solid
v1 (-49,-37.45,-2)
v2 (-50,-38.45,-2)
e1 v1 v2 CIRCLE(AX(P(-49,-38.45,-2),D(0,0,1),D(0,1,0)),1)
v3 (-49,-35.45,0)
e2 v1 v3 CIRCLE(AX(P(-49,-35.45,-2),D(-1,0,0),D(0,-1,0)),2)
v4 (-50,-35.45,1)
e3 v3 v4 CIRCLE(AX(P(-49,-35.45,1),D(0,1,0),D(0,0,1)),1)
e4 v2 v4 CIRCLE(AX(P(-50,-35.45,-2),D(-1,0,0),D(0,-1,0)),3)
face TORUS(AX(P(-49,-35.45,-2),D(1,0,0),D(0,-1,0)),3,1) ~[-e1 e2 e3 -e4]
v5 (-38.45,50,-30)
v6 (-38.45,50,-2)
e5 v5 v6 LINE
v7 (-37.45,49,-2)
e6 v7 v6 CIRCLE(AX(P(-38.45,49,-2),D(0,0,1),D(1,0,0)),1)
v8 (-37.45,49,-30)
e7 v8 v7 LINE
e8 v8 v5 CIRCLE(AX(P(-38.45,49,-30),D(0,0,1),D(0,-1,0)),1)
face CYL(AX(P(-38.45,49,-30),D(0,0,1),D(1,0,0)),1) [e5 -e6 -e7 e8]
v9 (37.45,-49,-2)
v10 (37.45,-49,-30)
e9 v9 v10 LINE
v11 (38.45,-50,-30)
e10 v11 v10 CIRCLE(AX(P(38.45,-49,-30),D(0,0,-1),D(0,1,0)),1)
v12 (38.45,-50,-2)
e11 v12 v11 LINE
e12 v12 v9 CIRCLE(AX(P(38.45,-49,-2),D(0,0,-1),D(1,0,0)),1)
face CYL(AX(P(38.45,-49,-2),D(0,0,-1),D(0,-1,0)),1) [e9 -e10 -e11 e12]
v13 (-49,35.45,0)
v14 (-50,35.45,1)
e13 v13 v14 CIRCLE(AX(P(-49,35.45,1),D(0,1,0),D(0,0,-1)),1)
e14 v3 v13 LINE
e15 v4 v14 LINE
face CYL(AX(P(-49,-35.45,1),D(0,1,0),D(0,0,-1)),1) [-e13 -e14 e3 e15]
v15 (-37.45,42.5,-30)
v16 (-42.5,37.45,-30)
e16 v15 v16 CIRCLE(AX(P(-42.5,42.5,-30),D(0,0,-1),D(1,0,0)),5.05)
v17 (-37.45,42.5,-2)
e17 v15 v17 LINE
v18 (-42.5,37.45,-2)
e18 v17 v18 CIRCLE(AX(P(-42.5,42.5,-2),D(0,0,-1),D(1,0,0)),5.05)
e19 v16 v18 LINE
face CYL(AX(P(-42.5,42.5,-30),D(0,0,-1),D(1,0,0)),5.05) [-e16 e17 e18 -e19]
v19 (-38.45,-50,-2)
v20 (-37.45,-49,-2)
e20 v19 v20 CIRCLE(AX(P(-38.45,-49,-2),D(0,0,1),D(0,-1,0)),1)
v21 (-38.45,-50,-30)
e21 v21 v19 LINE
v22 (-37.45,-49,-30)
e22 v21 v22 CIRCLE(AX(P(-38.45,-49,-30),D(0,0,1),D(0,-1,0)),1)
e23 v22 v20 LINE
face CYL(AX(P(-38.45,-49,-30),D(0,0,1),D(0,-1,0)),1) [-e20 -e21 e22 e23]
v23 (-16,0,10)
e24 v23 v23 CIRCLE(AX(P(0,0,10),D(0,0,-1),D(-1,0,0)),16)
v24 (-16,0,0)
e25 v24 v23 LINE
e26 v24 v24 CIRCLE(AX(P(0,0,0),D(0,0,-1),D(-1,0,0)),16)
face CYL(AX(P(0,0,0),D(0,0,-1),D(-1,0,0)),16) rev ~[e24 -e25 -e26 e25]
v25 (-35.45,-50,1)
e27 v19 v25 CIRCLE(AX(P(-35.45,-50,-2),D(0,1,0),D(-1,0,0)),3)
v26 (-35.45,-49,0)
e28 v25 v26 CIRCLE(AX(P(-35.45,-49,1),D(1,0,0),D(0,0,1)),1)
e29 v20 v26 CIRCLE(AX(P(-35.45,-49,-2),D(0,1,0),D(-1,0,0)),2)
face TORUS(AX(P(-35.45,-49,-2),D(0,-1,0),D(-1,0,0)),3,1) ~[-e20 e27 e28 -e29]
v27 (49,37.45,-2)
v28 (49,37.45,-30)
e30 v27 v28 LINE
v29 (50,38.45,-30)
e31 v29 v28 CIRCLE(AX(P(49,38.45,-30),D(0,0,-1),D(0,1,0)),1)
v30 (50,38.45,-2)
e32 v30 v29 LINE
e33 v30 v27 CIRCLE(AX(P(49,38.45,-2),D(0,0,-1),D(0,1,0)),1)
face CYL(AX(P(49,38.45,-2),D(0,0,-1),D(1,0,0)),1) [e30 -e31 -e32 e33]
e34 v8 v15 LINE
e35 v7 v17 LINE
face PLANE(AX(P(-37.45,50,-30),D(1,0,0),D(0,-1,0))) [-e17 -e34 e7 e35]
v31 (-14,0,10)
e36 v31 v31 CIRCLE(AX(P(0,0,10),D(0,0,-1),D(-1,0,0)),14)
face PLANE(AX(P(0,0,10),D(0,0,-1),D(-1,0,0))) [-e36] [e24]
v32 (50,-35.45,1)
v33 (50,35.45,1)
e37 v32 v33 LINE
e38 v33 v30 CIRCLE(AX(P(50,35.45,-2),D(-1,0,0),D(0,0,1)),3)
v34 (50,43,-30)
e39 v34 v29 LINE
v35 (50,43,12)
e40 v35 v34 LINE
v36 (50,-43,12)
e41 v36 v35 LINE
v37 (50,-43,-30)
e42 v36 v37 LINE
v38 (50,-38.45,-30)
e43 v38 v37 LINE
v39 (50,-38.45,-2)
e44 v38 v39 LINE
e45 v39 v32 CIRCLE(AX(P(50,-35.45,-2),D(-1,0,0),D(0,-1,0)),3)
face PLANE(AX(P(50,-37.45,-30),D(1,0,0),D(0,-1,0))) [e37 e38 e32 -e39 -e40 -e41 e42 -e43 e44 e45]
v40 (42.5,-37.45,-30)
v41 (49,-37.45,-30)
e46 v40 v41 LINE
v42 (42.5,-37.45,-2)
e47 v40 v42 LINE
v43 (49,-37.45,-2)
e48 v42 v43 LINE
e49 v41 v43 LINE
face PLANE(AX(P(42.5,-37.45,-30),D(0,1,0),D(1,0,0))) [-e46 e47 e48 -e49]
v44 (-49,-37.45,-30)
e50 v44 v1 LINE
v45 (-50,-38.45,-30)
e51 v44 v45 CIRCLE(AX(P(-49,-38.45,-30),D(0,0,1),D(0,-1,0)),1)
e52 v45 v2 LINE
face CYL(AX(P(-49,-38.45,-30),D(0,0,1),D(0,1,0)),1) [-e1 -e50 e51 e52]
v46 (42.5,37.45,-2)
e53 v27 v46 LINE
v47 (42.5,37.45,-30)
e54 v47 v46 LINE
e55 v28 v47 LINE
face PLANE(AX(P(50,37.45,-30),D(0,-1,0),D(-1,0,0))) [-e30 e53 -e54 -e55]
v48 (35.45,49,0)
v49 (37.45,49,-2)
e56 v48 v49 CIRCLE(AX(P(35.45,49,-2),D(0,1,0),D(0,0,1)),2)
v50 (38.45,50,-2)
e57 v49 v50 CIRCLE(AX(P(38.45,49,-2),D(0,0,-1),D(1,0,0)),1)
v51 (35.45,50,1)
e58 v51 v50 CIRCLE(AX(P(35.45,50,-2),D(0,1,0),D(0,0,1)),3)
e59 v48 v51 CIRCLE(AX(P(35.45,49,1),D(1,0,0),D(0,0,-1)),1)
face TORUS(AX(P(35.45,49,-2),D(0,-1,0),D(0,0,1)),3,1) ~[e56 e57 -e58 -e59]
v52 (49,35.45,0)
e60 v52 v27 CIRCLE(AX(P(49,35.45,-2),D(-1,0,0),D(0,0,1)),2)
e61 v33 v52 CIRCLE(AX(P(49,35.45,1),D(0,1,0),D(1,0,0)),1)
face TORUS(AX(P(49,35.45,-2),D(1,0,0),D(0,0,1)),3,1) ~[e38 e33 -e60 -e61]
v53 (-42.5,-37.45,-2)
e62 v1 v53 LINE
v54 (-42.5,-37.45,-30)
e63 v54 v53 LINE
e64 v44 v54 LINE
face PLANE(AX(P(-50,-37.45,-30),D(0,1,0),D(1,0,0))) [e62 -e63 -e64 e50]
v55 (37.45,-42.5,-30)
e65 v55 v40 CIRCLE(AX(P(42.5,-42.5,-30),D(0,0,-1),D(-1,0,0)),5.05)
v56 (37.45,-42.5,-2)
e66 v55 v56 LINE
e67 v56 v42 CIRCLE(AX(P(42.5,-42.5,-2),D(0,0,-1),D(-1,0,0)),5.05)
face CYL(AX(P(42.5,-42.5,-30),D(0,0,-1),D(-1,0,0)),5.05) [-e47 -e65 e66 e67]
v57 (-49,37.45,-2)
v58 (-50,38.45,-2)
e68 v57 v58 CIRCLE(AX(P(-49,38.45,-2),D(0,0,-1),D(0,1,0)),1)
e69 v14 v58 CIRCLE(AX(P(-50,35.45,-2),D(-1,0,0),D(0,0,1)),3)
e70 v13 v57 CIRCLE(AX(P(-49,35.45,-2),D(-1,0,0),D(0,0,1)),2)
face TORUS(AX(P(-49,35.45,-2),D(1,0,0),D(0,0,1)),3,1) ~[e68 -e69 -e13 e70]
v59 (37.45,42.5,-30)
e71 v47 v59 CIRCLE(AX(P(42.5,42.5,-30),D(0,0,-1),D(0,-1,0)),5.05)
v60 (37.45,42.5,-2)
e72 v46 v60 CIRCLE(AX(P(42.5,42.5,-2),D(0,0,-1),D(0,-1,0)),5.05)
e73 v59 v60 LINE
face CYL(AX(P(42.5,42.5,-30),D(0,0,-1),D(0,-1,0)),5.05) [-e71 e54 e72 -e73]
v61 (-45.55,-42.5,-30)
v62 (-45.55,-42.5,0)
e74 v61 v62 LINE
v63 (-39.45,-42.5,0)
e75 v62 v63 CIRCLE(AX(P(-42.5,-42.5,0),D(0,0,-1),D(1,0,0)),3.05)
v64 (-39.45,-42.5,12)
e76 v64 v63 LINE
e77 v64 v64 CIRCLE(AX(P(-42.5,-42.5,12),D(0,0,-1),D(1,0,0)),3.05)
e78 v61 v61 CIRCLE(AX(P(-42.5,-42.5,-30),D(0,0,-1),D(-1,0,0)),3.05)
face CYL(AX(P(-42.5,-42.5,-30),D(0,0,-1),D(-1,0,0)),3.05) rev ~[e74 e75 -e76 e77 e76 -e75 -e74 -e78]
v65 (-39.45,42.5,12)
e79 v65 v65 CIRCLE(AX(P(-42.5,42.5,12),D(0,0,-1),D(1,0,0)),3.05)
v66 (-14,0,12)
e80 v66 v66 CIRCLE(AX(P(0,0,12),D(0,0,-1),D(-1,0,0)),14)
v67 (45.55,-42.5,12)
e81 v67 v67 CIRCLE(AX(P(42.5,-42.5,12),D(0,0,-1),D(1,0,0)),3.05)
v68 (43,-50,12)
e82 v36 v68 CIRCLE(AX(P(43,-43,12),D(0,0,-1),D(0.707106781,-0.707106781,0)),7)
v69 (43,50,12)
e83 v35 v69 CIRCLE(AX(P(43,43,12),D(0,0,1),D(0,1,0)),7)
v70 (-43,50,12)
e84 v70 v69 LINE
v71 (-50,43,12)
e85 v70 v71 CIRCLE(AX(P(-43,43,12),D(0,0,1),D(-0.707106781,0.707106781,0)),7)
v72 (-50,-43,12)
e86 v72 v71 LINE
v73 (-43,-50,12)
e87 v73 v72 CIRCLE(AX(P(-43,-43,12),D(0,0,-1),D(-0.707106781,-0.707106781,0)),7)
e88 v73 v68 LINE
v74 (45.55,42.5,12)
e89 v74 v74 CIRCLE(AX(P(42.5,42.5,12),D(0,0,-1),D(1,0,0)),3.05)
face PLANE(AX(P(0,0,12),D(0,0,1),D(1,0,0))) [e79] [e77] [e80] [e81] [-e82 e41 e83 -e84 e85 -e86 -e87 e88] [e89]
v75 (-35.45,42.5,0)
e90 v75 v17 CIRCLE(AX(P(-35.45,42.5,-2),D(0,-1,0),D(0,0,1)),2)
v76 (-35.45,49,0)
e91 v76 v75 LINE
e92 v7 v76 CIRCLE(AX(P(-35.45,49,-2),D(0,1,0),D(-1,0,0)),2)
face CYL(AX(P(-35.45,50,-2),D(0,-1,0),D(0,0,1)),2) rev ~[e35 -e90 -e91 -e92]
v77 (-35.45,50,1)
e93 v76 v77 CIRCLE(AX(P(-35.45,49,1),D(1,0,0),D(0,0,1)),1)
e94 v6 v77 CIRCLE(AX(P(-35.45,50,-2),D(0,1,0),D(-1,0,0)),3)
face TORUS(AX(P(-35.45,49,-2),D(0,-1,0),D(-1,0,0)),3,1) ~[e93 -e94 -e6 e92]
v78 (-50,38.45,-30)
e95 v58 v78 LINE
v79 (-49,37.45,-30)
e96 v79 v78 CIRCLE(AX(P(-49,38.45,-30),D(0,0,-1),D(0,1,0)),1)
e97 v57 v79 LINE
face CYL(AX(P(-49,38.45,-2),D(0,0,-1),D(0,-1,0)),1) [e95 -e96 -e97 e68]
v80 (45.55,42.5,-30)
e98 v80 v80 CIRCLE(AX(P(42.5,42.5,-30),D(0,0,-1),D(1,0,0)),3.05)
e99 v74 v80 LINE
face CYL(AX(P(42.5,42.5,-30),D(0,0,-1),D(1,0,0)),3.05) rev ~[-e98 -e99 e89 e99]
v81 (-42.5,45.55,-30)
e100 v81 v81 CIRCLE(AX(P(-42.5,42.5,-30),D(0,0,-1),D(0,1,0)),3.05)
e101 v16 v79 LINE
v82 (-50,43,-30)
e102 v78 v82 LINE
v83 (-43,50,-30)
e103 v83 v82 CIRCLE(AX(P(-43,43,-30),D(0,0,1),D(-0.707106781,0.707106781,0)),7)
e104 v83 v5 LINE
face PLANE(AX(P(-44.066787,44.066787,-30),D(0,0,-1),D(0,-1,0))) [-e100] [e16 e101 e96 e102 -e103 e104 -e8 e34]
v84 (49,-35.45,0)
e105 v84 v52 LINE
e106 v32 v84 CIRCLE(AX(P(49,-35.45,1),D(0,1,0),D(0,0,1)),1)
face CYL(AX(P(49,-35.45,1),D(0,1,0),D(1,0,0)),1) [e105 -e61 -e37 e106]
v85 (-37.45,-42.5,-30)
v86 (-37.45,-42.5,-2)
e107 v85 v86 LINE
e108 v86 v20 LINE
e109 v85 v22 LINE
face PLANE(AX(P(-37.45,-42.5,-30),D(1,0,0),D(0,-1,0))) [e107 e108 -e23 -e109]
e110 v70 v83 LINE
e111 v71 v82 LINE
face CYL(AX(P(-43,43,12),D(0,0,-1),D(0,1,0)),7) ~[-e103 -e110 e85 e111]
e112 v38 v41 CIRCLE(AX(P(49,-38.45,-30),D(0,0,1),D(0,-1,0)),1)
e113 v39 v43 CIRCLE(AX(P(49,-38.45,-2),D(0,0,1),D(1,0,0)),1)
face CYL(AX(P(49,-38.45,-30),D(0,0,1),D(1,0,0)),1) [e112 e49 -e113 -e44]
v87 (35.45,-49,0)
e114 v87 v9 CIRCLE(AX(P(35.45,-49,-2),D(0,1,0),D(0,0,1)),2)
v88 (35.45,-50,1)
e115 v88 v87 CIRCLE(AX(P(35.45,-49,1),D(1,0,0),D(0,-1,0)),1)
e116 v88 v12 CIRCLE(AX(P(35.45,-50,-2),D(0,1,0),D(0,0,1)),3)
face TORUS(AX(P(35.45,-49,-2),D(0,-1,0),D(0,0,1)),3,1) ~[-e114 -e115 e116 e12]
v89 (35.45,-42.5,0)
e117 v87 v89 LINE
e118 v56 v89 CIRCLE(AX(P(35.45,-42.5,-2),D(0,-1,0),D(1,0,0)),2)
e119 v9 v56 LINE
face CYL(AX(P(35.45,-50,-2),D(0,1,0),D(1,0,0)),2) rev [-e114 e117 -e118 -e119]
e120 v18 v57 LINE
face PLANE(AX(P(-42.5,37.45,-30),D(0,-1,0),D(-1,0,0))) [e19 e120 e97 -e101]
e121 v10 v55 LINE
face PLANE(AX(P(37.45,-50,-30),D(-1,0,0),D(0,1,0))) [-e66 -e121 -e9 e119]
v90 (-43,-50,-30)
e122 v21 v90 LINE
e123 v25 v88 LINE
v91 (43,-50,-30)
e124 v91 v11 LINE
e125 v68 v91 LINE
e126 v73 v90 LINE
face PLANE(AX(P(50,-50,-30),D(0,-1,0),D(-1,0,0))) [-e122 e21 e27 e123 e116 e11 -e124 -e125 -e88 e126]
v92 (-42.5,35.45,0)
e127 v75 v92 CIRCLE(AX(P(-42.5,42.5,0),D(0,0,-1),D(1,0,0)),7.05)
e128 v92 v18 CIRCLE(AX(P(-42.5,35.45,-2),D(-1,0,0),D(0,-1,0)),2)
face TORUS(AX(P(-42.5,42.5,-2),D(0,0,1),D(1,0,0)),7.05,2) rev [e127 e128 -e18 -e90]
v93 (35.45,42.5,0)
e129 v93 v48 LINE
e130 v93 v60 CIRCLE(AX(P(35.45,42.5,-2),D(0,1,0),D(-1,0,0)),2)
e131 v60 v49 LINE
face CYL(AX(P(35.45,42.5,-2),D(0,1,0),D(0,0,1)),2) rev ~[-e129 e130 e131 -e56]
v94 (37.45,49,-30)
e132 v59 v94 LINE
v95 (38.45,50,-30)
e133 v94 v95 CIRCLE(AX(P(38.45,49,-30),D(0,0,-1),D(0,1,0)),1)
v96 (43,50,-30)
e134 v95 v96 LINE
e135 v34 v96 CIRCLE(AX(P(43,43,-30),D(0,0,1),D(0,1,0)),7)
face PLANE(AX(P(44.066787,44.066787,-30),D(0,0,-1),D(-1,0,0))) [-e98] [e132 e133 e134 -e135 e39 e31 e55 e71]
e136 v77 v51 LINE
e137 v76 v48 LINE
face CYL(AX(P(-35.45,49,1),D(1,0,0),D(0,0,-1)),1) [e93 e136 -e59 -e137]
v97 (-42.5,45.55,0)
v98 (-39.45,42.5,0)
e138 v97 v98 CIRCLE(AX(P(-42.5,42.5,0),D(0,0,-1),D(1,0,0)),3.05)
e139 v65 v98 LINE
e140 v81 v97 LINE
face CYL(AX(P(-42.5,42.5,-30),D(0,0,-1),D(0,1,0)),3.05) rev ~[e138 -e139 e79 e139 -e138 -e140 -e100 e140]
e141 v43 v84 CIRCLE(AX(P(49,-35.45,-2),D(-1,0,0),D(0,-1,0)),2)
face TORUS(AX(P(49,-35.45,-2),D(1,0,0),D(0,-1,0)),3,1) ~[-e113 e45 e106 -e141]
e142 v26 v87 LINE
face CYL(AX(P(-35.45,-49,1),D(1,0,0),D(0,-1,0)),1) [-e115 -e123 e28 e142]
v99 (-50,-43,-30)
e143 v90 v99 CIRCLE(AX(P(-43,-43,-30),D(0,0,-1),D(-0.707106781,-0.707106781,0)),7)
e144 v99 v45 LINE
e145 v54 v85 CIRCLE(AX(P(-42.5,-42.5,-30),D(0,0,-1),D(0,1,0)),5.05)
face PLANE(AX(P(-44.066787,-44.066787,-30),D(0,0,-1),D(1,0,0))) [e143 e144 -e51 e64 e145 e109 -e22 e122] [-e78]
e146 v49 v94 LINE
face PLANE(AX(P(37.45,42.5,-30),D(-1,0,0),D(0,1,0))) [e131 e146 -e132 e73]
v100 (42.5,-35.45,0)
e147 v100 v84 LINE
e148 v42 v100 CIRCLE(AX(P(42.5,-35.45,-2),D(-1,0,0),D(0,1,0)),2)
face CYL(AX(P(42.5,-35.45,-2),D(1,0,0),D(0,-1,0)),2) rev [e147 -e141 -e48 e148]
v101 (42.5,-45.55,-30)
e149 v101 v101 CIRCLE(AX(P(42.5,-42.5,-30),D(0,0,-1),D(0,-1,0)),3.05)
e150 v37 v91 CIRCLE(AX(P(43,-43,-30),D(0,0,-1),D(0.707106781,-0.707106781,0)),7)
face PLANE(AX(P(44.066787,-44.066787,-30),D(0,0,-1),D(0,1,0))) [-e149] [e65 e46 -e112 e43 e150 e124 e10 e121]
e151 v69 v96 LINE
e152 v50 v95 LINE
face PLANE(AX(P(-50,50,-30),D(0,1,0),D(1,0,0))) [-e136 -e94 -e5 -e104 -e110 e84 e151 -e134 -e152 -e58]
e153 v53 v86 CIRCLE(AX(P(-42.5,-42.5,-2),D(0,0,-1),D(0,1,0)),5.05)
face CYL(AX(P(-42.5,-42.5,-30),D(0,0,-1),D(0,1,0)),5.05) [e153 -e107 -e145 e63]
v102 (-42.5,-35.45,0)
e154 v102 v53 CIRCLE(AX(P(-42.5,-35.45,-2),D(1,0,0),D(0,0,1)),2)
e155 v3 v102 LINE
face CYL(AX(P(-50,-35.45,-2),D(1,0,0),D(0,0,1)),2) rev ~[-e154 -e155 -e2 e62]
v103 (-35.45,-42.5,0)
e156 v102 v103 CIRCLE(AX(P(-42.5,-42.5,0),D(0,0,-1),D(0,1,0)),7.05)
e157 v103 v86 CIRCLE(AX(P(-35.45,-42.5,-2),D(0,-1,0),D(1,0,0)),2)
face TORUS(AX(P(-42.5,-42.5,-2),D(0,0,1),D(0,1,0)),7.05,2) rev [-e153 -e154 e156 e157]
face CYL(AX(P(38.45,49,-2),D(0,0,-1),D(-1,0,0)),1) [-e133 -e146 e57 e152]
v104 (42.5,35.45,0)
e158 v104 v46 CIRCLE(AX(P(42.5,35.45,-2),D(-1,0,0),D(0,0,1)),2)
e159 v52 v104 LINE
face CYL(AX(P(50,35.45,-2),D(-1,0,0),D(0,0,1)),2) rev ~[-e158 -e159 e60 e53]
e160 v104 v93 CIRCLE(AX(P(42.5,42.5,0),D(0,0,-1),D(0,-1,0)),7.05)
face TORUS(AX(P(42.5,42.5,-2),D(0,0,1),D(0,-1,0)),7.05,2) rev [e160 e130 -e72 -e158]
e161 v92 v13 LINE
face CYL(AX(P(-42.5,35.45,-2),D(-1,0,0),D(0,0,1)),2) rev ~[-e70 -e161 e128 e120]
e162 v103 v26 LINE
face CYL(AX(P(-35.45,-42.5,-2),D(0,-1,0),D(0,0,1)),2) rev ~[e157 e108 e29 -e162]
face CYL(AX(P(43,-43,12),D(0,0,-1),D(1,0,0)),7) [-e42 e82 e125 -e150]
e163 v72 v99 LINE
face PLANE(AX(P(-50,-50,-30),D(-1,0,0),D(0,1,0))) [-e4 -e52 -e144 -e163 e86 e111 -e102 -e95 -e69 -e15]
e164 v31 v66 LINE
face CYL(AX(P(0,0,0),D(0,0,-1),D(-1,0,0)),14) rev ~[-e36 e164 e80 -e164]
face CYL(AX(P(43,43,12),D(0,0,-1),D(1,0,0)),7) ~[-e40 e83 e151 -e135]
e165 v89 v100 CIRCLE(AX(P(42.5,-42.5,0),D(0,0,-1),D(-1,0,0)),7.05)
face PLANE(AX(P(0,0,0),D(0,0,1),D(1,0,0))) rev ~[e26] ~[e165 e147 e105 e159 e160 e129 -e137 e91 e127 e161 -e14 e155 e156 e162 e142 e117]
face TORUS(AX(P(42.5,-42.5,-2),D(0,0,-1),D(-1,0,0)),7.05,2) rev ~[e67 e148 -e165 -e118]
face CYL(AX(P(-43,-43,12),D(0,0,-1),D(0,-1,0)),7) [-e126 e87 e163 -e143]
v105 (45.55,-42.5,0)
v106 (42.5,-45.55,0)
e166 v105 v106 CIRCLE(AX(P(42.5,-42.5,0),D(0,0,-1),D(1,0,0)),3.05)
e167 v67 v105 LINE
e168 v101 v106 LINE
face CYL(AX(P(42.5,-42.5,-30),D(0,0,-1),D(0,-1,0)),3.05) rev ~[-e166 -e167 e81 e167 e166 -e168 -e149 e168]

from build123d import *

# Parameters (mm, degrees)
SKETCH2_W            = 100
SKETCH2_H            = 100
BOSS_EXTRUDE1_DEPTH  = 12
SKETCH3_R            = 16
CUT_EXTRUDE1_DEPTH   = 10
M6_CLEARANCE_HOLE1_D = 6.1
BOSS_EXTRUDE2_START  = 30
SKETCH17_R           = 3.05
BOSS_EXTRUDE2_DEPTH  = 30
CIRPATTERN1_COUNT    = 4
SKETCH18_R           = 14
CUT_EXTRUDE3_DEPTH   = 77.811457479
FILLET1_R            = 2
FILLET2_R            = 7
FILLET3_R            = 1


with BuildPart() as part:
    # Sketch2 → Boss-Extrude1 (new body)
    with BuildSketch(Plane.XY):
        Rectangle(SKETCH2_W, SKETCH2_H)
    extrude(amount=BOSS_EXTRUDE1_DEPTH)

    # Sketch3 → Cut-Extrude1 (cut)
    with BuildSketch(Plane(origin=(0, 0, 0), x_dir=(-1, 0, 0), z_dir=(0, 0, -1))):
        Circle(SKETCH3_R)
    extrude(amount=-CUT_EXTRUDE1_DEPTH, mode=Mode.SUBTRACT)

    # M6 Clearance Hole1 (through all)
    with Locations(Plane(origin=(0, 0, 12), x_dir=(-1, 0, 0), z_dir=(0, 0, 1))):
        with Locations((42.5, -42.5), (-42.5, 42.5), (-42.5, -42.5), (42.5, 42.5)):
            Hole(M6_CLEARANCE_HOLE1_D / 2)

    # Sketch17 → Boss-Extrude2 (add)
    with BuildSketch(Plane(origin=(0, 0, 0), x_dir=(-1, 0, 0), z_dir=(0, 0, -1)).offset(BOSS_EXTRUDE2_START)):
        with BuildLine():
            Line((-37.45, 42.5), (-37.45, 50))
            Line((-37.45, 50), (-50, 50))
            Line((-50, 50), (-50, 37.45))
            Line((-50, 37.45), (-42.5, 37.45))
            ThreePointArc((-42.5, 37.45), (-38.929110755, 38.929110755), (-37.45, 42.5))
        make_face()
        with Locations((-42.5, 42.5)):
            Circle(SKETCH17_R, mode=Mode.SUBTRACT)
    boss_extrude2 = extrude(amount=-BOSS_EXTRUDE2_DEPTH)

    # CirPattern1: Boss-Extrude2 ×4 about axis
    cirpattern1_axis = Axis((0, 0, -0.635), (0, 0, 1))
    for i in range(1, CIRPATTERN1_COUNT):
        add(boss_extrude2.rotate(cirpattern1_axis, i * 360 / CIRPATTERN1_COUNT))

    # Sketch18 → Cut-Extrude3 (cut, through all)
    with BuildSketch(Plane(origin=(0, 0, 0), x_dir=(-1, 0, 0), z_dir=(0, 0, -1))):
        Circle(SKETCH18_R)
    extrude(amount=-CUT_EXTRUDE3_DEPTH, mode=Mode.SUBTRACT)

    # Fillet1
    fillet1_edges = [part.edges().sort_by_distance(p)[0] for p in [
        (38.929110755, 38.929110755, 0),
        (-38.929110755, 38.929110755, 0),
        (-38.929110755, -38.929110755, 0),
        (38.929110755, -38.929110755, 0),
        (-37.45, 46.25, 0),
        (-46.25, 37.45, 0),
        (-46.25, -37.45, 0),
        (-37.45, -46.25, 0),
        (37.45, -46.25, 0),
        (46.25, -37.45, 0),
        (46.25, 37.45, 0),
        (37.45, 46.25, 0),
    ]]
    fillet(fillet1_edges, radius=FILLET1_R)

    # Fillet2
    fillet2_edges = [part.edges().sort_by_distance(p)[0] for p in [
        (-50, -50, -9),
        (50, -50, -9),
        (50, 50, -9),
        (-50, 50, -9),
    ]]
    fillet(fillet2_edges, radius=FILLET2_R)

    # Fillet3
    fillet3_edges = [part.edges().sort_by_distance(p)[0] for p in [
        (-36.864213562, -50, -0.585786438),
        (36.864213562, -50, -0.585786438),
        (-50, 36.864213562, -0.585786438),
        (-50, -36.864213562, -0.585786438),
        (-36.864213562, 50, -0.585786438),
        (0, 50, 0),
        (36.864213562, 50, -0.585786438),
        (50, -36.864213562, -0.585786438),
        (50, 0, 0),
        (50, 36.864213562, -0.585786438),
        (0, -50, 0),
        (-50, 0, 0),
        (37.45, 50, -16),
        (50, 37.45, -16),
    ]]
    fillet(fillet3_edges, radius=FILLET3_R)


solid = part.part
